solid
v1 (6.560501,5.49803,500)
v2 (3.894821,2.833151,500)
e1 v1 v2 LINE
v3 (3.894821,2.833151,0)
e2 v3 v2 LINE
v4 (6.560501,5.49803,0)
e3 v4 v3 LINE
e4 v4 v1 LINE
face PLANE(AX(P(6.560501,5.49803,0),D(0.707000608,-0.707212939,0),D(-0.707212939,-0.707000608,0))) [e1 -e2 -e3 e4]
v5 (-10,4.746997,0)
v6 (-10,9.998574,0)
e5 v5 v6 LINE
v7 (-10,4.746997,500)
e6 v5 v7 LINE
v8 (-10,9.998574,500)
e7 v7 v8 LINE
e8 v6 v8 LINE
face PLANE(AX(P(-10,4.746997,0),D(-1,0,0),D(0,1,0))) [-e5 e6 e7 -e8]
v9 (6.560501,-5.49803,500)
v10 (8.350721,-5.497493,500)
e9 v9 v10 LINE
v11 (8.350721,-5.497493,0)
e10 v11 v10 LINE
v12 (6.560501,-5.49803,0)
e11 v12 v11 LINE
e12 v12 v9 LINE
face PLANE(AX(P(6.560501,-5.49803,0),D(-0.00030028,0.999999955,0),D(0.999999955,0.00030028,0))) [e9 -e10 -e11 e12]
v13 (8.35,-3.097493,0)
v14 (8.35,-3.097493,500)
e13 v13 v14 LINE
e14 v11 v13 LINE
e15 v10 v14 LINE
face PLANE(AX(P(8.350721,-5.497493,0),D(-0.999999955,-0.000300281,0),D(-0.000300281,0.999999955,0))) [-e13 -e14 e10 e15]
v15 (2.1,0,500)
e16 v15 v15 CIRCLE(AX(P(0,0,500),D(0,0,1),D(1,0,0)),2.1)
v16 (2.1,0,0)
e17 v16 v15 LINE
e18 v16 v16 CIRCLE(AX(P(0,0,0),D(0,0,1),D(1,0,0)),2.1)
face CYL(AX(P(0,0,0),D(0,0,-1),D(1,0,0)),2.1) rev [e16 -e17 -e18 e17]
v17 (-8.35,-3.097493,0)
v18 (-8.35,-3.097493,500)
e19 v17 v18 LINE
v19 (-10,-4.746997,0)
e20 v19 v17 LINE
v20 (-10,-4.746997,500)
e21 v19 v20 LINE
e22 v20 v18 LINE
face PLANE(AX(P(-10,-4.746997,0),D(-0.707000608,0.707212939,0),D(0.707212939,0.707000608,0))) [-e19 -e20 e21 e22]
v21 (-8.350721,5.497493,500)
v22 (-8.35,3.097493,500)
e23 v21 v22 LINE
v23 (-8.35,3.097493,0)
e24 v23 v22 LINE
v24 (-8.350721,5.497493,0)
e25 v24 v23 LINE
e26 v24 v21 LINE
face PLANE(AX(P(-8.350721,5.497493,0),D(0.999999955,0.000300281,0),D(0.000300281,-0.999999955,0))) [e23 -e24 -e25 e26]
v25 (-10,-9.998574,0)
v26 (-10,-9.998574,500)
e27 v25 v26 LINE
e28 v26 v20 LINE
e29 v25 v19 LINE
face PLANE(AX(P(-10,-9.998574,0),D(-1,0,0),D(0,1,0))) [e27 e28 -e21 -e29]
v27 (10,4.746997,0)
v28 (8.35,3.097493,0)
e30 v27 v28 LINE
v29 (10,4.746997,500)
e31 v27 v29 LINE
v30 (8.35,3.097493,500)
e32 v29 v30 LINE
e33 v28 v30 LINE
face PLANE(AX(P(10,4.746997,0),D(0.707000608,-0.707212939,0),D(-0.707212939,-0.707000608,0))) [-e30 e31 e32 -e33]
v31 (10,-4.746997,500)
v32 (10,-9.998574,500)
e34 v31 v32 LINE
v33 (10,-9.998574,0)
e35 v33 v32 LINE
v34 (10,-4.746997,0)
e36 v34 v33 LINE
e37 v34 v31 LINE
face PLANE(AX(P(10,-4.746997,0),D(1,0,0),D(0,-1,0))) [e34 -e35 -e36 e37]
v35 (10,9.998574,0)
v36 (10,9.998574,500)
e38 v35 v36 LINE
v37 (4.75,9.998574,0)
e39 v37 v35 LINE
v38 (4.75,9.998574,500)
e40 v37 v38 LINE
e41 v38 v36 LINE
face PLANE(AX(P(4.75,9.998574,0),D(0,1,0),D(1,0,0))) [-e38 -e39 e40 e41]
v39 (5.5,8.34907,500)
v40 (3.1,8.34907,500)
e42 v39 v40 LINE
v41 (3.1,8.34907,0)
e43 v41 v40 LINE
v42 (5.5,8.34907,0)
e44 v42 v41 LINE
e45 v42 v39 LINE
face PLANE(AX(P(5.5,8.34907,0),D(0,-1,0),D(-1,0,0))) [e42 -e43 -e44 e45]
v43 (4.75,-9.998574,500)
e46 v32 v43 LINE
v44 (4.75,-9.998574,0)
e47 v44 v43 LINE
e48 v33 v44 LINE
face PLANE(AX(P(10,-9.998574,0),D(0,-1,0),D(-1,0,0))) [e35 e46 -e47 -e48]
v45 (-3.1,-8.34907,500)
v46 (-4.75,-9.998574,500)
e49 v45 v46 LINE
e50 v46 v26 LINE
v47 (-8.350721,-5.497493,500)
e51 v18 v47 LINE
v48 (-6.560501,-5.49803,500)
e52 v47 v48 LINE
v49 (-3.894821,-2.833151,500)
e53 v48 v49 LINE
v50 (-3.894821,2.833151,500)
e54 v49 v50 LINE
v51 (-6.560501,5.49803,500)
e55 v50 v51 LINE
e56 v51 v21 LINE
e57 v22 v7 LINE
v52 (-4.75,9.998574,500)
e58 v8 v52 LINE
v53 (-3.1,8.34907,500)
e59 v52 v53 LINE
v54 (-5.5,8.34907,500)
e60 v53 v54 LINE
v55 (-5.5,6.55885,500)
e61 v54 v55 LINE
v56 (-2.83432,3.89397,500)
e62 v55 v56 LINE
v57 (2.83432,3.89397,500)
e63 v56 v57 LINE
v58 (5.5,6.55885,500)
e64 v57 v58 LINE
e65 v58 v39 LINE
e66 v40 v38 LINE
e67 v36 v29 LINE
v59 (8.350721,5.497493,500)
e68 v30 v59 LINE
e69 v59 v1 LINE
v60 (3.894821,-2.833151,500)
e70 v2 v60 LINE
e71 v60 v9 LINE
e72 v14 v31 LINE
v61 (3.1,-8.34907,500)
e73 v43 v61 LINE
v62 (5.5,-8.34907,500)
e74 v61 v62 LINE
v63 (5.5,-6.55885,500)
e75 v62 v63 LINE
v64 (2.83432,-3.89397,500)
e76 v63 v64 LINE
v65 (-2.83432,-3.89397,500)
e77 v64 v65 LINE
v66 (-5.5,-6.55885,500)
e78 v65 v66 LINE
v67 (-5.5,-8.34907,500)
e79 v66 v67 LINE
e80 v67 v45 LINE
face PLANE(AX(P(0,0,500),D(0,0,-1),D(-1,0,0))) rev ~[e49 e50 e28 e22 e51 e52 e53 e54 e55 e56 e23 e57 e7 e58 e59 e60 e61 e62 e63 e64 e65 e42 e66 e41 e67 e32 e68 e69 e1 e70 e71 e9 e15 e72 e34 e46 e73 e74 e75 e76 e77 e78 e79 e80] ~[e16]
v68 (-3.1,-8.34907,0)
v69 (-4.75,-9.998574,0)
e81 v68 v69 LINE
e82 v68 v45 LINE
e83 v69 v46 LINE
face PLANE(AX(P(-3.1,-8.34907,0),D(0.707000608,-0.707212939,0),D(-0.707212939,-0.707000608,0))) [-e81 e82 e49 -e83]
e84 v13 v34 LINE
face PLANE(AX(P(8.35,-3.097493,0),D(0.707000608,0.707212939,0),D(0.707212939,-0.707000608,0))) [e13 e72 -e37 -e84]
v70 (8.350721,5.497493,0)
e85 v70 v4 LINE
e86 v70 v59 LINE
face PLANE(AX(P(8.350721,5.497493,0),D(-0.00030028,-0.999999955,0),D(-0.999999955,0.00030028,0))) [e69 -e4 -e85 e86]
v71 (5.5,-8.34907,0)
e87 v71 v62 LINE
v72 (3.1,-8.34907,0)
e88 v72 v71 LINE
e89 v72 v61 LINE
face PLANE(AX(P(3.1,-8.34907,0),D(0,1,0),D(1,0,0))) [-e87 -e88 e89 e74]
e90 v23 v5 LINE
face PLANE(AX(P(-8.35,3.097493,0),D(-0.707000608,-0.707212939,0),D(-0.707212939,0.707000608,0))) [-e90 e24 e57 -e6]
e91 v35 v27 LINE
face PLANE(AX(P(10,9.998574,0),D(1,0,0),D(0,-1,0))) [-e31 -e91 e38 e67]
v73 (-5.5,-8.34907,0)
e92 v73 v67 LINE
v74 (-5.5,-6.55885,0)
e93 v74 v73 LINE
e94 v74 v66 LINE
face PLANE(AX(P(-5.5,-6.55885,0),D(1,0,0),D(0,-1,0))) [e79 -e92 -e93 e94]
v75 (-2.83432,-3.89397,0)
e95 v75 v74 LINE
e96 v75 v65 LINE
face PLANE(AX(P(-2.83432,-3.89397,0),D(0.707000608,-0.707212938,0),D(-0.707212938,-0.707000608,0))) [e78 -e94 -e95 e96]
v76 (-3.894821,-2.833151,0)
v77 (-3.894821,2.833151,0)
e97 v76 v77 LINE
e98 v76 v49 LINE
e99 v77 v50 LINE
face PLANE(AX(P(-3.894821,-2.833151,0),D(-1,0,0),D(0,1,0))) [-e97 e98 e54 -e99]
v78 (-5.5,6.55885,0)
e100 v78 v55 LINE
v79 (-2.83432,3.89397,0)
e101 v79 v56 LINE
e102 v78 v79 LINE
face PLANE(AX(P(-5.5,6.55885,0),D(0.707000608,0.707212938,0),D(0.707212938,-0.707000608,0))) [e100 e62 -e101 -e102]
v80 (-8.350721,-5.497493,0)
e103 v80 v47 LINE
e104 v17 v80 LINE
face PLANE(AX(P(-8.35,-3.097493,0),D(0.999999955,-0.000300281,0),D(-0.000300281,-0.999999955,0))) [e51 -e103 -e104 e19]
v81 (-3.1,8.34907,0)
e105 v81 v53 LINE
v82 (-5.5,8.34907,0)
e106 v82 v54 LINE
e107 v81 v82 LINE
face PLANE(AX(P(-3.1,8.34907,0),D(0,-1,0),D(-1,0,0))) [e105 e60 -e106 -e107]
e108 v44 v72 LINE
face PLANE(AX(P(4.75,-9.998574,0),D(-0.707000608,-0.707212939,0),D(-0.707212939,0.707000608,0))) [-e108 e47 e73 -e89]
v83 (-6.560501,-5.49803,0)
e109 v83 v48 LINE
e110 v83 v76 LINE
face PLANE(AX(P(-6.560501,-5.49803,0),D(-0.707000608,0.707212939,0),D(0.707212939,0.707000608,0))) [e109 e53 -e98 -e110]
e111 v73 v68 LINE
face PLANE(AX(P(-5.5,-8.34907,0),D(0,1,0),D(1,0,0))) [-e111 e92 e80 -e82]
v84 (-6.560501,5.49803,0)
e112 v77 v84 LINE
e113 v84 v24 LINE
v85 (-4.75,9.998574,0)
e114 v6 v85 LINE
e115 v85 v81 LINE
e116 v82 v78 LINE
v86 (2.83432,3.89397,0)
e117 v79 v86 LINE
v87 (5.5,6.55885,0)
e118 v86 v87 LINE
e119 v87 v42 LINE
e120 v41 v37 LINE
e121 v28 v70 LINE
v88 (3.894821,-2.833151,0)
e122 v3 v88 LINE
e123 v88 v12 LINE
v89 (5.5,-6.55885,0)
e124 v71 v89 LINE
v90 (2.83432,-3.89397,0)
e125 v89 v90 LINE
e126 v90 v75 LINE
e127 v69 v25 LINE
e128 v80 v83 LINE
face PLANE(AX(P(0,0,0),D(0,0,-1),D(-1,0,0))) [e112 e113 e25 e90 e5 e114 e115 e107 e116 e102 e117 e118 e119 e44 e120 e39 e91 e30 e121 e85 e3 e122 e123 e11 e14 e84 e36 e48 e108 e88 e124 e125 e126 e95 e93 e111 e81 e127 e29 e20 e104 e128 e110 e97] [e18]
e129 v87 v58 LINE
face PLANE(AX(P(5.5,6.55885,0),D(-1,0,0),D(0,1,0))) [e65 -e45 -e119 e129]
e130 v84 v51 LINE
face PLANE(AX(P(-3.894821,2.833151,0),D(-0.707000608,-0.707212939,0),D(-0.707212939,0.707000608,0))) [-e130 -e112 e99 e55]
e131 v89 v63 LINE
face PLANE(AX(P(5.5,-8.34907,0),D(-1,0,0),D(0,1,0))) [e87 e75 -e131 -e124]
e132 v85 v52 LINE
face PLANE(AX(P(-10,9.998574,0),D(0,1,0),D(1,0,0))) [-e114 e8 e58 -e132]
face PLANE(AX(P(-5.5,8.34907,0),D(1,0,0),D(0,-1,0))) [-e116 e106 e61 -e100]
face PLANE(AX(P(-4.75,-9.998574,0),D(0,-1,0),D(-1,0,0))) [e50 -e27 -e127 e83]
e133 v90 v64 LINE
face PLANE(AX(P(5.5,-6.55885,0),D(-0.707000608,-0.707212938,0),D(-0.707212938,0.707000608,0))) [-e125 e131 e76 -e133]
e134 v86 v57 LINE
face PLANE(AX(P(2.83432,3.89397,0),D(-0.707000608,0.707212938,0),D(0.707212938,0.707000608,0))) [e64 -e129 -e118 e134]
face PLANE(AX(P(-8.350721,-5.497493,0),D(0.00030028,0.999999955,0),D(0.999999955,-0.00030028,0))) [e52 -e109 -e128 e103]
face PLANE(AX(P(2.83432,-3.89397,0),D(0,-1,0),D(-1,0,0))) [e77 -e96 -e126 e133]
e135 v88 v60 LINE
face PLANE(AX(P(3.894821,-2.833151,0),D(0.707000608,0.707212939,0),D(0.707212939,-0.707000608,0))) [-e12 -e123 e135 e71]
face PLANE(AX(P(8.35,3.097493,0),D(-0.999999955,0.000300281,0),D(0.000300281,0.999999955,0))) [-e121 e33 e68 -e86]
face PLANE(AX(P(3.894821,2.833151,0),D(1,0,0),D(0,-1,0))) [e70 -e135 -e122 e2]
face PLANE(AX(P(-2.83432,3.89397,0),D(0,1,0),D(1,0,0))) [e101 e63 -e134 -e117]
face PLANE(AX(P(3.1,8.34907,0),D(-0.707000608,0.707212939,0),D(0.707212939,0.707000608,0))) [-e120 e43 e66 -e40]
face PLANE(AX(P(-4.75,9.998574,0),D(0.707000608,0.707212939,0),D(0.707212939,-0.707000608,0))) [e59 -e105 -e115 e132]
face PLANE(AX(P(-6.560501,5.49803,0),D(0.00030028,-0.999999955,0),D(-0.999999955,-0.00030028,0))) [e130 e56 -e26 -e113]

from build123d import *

# Parameters (mm, degrees)
SKETCH1_R           = 2.1
BOSS_EXTRUDE1_DEPTH = 500


with BuildPart() as part:
    # Sketch1 → Boss-Extrude1 (new body)
    with BuildSketch(Plane.XY):
        Polygon((2.834320347, 3.893970342), (5.5, 6.558849663), (5.5, 8.349069506), (3.1, 8.349069506), (4.75, 9.998574117), (10, 9.998574117), (10, 4.746997406), (8.35, 3.097492795), (8.350720674, 5.497492687), (6.560500912, 5.498030255), (3.894821259, 2.833150935), (3.894821259, -2.833150935), (6.560500912, -5.498030255), (8.350720674, -5.497492687), (8.35, -3.097492795), (10, -4.746997406), (10, -9.998574117), (4.75, -9.998574117), (3.1, -8.349069506), (5.5, -8.349069506), (5.5, -6.558849663), (2.834320347, -3.893970342), (-2.834320347, -3.893970342), (-5.5, -6.558849663), (-5.5, -8.349069506), (-3.1, -8.349069506), (-4.75, -9.998574117), (-10, -9.998574117), (-10, -4.746997406), (-8.35, -3.097492795), (-8.350720674, -5.497492687), (-6.560500912, -5.498030255), (-3.894821259, -2.833150935), (-3.894821259, 2.833150935), (-6.560500912, 5.498030255), (-8.350720674, 5.497492687), (-8.35, 3.097492795), (-10, 4.746997406), (-10, 9.998574117), (-4.75, 9.998574117), (-3.1, 8.349069506), (-5.5, 8.349069506), (-5.5, 6.558849663), (-2.834320347, 3.893970342), align=None)
        Circle(SKETCH1_R, mode=Mode.SUBTRACT)
    extrude(amount=BOSS_EXTRUDE1_DEPTH)


solid = part.part
